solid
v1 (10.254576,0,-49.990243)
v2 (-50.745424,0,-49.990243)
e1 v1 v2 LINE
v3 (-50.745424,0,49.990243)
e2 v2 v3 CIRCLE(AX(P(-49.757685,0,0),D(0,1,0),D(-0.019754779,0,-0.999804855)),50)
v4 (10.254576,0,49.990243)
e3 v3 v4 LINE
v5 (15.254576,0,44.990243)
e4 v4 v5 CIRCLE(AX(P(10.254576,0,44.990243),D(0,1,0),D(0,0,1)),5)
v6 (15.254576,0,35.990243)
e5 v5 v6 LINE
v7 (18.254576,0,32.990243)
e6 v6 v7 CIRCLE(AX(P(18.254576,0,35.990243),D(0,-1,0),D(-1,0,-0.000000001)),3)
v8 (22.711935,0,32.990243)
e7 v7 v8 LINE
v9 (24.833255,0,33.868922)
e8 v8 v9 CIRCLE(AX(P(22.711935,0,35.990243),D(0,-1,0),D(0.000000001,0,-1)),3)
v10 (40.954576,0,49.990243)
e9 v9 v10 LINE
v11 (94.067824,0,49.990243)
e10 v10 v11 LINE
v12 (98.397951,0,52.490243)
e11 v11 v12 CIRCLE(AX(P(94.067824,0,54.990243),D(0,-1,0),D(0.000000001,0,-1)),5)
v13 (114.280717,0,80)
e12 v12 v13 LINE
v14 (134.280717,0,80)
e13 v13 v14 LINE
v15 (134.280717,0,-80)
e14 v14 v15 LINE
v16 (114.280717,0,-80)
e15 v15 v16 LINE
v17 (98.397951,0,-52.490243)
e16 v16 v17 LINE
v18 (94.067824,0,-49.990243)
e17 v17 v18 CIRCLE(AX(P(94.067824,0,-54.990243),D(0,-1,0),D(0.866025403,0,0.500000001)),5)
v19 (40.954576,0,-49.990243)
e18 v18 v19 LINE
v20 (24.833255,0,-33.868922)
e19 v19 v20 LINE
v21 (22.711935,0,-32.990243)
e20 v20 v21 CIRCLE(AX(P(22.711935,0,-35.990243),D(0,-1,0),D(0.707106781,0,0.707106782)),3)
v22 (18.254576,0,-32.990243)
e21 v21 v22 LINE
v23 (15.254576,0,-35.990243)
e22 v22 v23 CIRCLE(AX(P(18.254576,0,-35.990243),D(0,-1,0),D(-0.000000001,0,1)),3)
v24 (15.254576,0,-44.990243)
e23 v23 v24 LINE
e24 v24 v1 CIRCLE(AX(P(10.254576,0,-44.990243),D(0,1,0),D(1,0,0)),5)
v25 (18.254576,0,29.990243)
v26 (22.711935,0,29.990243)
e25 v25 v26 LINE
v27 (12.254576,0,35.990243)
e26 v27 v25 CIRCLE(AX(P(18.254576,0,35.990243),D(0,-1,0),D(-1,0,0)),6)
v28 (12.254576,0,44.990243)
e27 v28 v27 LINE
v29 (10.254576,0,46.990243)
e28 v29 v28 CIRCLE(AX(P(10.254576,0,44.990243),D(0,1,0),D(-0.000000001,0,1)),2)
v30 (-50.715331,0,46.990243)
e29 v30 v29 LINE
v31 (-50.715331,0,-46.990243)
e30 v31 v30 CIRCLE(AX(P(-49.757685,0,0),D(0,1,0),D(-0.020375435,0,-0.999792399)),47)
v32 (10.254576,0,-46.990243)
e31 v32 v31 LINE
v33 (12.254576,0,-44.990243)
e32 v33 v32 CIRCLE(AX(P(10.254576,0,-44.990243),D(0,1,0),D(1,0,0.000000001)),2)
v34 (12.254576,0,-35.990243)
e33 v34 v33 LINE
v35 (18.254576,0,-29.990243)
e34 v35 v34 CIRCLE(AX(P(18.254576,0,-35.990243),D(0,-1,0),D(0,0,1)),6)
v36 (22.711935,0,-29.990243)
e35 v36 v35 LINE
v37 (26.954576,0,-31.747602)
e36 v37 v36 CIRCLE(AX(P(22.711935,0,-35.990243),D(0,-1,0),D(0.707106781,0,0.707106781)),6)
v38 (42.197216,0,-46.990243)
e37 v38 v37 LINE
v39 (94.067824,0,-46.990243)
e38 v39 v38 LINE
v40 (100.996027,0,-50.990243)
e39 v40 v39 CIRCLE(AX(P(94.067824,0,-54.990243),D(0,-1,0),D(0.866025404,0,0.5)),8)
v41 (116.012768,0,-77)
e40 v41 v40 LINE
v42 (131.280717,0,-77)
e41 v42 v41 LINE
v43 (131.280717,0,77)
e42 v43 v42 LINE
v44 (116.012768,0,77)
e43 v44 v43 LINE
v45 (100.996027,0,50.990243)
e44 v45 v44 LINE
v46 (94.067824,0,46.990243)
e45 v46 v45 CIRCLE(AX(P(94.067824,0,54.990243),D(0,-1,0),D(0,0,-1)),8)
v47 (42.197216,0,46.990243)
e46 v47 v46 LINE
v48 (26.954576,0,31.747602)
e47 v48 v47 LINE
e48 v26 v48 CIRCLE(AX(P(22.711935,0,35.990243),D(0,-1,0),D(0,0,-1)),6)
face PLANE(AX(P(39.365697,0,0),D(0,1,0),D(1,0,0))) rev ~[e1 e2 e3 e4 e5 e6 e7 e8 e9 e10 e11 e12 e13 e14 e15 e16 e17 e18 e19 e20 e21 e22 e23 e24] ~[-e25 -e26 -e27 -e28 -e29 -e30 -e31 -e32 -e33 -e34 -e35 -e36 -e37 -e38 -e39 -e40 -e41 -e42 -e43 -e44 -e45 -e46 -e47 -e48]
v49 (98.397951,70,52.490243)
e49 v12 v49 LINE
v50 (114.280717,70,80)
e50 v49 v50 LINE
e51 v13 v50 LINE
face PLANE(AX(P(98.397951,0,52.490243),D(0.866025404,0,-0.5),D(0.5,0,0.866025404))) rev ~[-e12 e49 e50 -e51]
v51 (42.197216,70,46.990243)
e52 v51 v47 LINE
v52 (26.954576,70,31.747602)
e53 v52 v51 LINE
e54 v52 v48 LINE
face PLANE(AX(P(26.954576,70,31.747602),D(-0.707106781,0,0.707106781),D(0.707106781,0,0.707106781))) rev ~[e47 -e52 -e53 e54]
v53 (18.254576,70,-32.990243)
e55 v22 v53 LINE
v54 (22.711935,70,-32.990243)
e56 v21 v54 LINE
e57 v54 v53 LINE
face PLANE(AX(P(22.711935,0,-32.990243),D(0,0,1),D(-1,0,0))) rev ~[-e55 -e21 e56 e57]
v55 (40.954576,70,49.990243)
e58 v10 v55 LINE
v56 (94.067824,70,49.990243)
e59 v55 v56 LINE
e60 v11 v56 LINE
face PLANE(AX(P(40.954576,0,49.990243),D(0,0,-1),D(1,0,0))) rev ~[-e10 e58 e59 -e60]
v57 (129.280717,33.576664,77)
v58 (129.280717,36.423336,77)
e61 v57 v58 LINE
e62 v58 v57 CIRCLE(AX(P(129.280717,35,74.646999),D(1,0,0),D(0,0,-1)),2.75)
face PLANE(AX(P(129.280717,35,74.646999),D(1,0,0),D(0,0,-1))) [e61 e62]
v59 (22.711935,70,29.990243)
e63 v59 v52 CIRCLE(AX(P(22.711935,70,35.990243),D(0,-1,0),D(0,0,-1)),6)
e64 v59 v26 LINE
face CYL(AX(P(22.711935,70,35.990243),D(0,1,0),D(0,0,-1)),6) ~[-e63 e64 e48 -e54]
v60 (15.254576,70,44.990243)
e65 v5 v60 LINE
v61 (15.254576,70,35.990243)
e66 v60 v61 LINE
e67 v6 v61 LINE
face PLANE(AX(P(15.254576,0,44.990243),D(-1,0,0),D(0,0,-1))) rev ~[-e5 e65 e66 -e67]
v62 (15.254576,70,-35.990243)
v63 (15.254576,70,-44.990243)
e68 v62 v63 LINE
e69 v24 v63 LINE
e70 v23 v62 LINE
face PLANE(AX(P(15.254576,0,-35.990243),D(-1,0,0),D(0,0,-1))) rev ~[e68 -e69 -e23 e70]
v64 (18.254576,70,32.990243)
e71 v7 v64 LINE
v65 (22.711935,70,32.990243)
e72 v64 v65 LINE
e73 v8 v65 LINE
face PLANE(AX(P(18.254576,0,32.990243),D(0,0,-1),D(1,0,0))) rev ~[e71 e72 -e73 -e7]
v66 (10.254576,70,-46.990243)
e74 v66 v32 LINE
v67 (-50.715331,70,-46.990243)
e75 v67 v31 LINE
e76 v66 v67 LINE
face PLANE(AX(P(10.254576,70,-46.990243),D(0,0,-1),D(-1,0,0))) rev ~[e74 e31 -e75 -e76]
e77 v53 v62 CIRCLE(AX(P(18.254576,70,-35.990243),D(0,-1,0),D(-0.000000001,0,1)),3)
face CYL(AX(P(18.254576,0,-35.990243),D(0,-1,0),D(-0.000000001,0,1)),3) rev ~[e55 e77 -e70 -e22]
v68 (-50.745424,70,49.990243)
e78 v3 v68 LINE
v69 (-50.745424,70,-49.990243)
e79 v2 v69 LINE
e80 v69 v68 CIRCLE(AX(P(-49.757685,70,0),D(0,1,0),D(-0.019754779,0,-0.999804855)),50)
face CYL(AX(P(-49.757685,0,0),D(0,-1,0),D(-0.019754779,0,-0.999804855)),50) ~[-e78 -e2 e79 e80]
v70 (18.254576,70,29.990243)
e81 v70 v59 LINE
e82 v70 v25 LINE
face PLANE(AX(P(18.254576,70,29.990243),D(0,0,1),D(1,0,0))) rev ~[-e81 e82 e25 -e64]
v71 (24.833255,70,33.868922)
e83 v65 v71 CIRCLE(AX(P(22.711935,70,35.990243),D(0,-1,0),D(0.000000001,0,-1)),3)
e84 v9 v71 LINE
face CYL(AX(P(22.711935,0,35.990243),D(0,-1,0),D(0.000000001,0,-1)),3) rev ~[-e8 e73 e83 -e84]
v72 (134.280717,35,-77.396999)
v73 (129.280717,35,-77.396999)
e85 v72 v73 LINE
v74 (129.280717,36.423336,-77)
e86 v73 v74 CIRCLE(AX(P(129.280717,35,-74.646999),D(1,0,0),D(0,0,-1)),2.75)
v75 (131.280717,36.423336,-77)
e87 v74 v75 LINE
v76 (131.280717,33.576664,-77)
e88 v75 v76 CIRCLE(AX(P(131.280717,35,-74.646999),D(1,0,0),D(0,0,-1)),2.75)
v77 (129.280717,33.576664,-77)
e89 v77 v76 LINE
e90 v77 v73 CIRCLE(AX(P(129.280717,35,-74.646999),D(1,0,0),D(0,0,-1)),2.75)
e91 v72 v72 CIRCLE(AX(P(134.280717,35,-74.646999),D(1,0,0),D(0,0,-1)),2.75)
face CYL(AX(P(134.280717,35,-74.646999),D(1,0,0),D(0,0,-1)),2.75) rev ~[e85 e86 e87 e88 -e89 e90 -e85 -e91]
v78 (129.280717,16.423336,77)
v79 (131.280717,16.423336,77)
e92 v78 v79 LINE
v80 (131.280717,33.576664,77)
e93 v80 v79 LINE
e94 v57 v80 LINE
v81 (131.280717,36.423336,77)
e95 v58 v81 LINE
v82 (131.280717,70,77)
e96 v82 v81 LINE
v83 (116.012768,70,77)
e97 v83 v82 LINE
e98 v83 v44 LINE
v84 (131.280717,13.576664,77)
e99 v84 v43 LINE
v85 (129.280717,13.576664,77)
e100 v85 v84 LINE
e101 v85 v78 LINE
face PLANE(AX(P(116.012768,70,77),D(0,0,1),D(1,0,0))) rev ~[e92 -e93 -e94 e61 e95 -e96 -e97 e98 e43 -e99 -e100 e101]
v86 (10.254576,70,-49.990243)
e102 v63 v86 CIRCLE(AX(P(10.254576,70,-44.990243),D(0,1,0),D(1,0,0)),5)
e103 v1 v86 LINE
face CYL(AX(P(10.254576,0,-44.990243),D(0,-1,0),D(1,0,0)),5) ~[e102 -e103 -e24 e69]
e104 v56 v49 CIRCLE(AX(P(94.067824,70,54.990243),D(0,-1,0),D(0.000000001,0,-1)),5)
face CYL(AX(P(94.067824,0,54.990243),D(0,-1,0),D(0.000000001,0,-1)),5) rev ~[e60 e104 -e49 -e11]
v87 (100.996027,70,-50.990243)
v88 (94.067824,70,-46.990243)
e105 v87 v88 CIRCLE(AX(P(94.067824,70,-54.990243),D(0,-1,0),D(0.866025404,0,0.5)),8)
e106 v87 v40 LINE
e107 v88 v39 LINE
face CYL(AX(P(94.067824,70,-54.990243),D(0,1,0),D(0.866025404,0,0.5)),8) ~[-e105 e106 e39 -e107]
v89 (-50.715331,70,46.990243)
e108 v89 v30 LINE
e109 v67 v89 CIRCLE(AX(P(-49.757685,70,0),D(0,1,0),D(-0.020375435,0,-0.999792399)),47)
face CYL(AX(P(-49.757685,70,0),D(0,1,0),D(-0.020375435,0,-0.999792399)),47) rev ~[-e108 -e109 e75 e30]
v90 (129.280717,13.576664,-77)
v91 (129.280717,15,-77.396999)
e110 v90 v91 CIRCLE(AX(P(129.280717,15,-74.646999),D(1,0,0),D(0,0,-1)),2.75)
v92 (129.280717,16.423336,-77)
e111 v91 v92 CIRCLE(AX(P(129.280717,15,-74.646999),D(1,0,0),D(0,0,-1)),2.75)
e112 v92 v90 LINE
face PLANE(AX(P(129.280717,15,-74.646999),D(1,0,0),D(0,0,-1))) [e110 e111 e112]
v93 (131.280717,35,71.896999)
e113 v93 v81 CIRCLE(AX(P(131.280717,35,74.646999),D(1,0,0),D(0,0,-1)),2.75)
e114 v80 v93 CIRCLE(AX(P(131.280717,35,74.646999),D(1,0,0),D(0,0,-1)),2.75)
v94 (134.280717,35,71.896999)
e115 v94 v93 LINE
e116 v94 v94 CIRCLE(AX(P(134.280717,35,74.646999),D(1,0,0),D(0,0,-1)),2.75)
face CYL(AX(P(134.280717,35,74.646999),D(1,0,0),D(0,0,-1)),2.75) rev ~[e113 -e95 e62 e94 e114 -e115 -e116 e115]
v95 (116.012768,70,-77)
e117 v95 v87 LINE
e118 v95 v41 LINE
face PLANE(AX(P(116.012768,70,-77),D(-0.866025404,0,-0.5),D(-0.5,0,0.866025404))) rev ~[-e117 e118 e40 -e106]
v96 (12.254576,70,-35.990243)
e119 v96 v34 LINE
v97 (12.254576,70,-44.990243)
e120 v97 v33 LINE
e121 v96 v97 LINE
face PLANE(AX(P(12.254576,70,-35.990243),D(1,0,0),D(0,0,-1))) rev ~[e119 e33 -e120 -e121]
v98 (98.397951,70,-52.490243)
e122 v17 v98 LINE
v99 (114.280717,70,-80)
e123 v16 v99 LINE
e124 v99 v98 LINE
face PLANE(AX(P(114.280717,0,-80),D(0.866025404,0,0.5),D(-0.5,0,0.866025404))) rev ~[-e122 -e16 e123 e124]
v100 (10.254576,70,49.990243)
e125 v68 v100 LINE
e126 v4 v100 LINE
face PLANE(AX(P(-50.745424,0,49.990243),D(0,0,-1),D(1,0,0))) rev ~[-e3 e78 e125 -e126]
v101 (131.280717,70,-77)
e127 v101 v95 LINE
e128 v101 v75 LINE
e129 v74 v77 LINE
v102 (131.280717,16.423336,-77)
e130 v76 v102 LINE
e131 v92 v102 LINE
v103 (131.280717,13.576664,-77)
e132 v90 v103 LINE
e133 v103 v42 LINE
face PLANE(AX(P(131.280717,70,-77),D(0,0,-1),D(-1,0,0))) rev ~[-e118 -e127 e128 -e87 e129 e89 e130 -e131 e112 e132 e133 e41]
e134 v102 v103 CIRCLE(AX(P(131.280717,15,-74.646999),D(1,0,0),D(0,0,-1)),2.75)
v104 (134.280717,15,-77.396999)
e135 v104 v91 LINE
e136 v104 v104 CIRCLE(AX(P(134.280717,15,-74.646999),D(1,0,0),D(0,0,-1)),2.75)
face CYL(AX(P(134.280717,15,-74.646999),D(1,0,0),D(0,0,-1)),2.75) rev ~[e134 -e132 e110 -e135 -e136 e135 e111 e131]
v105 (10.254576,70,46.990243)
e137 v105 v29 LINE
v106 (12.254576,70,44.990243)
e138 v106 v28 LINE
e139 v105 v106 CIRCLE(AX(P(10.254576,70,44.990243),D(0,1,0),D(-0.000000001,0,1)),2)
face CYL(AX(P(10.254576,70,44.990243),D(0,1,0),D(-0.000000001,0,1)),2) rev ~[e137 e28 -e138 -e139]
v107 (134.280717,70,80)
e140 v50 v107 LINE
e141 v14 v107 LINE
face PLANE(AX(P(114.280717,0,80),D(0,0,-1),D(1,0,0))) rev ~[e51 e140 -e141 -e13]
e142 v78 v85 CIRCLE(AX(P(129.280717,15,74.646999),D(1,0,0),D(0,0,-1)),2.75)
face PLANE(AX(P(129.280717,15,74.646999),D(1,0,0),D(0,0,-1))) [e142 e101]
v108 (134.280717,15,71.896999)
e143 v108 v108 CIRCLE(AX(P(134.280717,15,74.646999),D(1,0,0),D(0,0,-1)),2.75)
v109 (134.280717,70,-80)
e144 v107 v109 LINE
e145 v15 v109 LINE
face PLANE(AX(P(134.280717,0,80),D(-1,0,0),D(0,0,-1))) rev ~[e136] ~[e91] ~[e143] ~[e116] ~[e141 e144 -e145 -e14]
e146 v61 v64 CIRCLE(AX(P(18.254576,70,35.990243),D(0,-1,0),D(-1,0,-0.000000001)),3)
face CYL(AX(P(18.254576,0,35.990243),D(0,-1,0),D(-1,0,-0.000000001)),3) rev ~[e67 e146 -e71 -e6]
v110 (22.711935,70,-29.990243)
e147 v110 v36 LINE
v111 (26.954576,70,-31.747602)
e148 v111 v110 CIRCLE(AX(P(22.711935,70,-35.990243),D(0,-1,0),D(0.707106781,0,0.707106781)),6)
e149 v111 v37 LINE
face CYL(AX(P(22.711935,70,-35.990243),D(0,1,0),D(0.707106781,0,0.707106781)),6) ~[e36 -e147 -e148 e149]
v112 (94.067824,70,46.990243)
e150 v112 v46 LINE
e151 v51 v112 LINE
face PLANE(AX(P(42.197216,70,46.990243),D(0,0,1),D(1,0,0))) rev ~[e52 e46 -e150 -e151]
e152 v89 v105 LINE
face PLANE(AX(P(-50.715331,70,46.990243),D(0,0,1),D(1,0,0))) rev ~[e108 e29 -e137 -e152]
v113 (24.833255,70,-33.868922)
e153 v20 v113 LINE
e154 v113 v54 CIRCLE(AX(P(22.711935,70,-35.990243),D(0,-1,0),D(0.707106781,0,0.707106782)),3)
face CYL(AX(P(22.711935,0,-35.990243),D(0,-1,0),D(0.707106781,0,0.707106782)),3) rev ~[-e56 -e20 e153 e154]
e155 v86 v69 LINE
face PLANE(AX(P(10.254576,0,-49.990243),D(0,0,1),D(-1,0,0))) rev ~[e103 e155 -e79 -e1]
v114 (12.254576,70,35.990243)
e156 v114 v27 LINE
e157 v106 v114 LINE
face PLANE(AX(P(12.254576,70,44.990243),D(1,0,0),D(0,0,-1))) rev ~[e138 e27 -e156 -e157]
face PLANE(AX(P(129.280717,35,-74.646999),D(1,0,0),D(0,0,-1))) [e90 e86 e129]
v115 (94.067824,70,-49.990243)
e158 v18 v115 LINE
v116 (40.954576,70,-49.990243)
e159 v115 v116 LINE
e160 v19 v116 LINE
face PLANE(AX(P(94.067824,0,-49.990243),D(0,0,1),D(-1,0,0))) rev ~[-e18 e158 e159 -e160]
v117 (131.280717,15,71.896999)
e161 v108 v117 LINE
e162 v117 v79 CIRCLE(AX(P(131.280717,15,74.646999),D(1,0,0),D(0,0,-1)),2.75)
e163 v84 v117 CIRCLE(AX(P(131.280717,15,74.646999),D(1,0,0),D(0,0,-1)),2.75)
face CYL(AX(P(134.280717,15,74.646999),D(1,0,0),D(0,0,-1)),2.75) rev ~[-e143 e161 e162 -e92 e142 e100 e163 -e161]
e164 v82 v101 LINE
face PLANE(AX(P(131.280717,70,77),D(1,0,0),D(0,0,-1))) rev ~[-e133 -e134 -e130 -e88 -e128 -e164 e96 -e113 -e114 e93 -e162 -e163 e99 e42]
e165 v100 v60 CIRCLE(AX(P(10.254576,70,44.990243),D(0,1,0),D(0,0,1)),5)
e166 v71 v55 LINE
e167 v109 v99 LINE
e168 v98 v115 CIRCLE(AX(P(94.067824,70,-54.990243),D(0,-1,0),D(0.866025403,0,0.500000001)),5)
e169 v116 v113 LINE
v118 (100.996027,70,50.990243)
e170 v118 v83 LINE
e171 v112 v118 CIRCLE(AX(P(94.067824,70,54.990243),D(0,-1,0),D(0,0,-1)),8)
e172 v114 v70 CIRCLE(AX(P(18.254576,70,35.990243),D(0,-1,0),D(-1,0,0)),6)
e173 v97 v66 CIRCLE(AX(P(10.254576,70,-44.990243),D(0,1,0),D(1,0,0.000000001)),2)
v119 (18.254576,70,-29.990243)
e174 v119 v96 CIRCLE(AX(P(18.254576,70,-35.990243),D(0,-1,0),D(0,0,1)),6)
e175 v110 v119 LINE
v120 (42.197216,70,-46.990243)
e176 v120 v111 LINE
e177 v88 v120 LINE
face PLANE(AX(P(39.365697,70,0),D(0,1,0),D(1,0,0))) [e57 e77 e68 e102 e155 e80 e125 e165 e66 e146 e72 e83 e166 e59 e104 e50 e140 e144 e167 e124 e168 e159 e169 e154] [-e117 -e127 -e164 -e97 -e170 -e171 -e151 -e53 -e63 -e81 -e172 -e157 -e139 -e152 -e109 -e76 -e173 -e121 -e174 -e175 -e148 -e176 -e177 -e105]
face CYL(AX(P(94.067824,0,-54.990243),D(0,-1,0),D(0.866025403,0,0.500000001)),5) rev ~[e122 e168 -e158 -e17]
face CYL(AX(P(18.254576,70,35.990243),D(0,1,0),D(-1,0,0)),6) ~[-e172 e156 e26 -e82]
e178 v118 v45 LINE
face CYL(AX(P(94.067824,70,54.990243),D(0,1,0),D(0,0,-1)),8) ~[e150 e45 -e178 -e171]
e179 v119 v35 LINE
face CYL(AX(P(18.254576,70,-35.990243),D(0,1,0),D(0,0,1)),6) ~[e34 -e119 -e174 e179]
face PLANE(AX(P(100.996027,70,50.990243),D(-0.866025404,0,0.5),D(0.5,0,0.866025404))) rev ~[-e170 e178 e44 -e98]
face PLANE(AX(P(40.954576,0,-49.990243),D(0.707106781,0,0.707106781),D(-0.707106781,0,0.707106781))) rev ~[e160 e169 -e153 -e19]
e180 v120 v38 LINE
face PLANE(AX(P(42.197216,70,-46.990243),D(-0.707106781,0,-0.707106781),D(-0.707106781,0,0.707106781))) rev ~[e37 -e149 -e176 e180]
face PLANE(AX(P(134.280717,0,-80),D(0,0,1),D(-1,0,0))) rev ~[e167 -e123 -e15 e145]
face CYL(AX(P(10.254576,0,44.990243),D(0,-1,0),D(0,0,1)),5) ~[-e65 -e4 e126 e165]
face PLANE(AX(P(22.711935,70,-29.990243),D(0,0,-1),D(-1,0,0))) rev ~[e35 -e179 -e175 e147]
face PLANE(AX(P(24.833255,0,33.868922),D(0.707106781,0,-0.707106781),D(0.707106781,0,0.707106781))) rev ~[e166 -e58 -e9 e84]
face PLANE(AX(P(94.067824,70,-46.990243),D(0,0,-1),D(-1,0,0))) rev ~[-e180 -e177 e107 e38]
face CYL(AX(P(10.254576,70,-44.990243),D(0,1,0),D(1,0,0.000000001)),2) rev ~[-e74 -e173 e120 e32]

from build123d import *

# Parameters (mm, degrees)
BOSS_EXTRUDE1_DEPTH = 70
CUT_EXTRUDE3_DEPTH  = 70
SKETCH3_R           = 2.75
CUT_EXTRUDE6_DEPTH  = 5


with BuildPart() as part:
    # Sketch1 → Boss-Extrude1 (new body)
    with BuildSketch(Plane(origin=(0, 0, 0), x_dir=(1, 0, 0), z_dir=(0, 1, 0))):
        with BuildLine():
            Line((15.254575611, 35.990242765), (15.254575611, 44.990242765))
            ThreePointArc((15.254575611, 44.990242765), (13.790109517, 48.525776671), (10.254575611, 49.990242765))
            Line((10.254575611, 49.990242765), (-50.745424389, 49.990242765))
            ThreePointArc((-50.745424389, 49.990242765), (-99.757685432, 0), (-50.745424389, -49.990242765))
            Line((-50.745424389, -49.990242765), (10.254575611, -49.990242765))
            ThreePointArc((10.254575611, -49.990242765), (13.790109517, -48.525776671), (15.254575611, -44.990242765))
            Line((15.254575611, -44.990242765), (15.254575611, -35.990242765))
            ThreePointArc((15.254575611, -35.990242765), (16.133255268, -33.868922422), (18.254575611, -32.990242765))
            Line((18.254575611, -32.990242765), (22.711934924, -32.990242765))
            ThreePointArc((22.711934924, -32.990242765), (23.859985221, -33.218604168), (24.833255268, -33.868922422))
            Line((24.833255268, -33.868922422), (40.954575611, -49.990242765))
            Line((40.954575611, -49.990242765), (50.745424389, -49.990242765))
            Line((50.745424389, -49.990242765), (94.067824265, -49.990242765))
            ThreePointArc((94.067824265, -49.990242765), (96.567824265, -50.660115747), (98.397951284, -52.490242765))
            Line((98.397951284, -52.490242765), (114.280717029, -80))
            Line((114.280717029, -80), (134.280717029, -80))
            Line((134.280717029, -80), (134.280717029, 80))
            Line((134.280717029, 80), (114.280717029, 80))
            Line((114.280717029, 80), (98.397951284, 52.490242765))
            ThreePointArc((98.397951284, 52.490242765), (96.567824265, 50.660115747), (94.067824265, 49.990242765))
            Line((94.067824265, 49.990242765), (50.745424389, 49.990242765))
            Line((50.745424389, 49.990242765), (40.954575611, 49.990242765))
            Line((40.954575611, 49.990242765), (24.833255268, 33.868922422))
            ThreePointArc((24.833255268, 33.868922422), (23.859985221, 33.218604168), (22.711934924, 32.990242765))
            Line((22.711934924, 32.990242765), (18.254575611, 32.990242765))
            ThreePointArc((18.254575611, 32.990242765), (16.133255268, 33.868922422), (15.254575611, 35.990242765))
        make_face()
    extrude(amount=BOSS_EXTRUDE1_DEPTH)

    # Sketch5 → Cut-Extrude3 (cut)
    with BuildSketch(Plane(origin=(0, 70, 0), x_dir=(1, 0, 0), z_dir=(0, 1, 0))):
        with BuildLine():
            Line((116.012767836, 77), (100.996027496, 50.990242765))
            ThreePointArc((100.996027496, 50.990242765), (98.067824265, 48.062039535), (94.067824265, 46.990242765))
            Line((94.067824265, 46.990242765), (42.197216298, 46.990242765))
            Line((42.197216298, 46.990242765), (26.954575611, 31.747602078))
            ThreePointArc((26.954575611, 31.747602078), (25.008035518, 30.44696557), (22.711934924, 29.990242765))
            Line((22.711934924, 29.990242765), (18.254575611, 29.990242765))
            ThreePointArc((18.254575611, 29.990242765), (14.011934924, 31.747602078), (12.254575611, 35.990242765))
            Line((12.254575611, 35.990242765), (12.254575611, 44.990242765))
            ThreePointArc((12.254575611, 44.990242765), (11.668789174, 46.404456328), (10.254575611, 46.990242765))
            Line((10.254575611, 46.990242765), (-50.715330899, 46.990242765))
            ThreePointArc((-50.715330899, 46.990242765), (-96.757685432, 0), (-50.715330899, -46.990242765))
            Line((-50.715330899, -46.990242765), (10.254575611, -46.990242765))
            ThreePointArc((10.254575611, -46.990242765), (11.668789174, -46.404456328), (12.254575611, -44.990242765))
            Line((12.254575611, -44.990242765), (12.254575611, -35.990242765))
            ThreePointArc((12.254575611, -35.990242765), (14.011934924, -31.747602078), (18.254575611, -29.990242765))
            Line((18.254575611, -29.990242765), (22.711934924, -29.990242765))
            ThreePointArc((22.711934924, -29.990242765), (25.008035518, -30.44696557), (26.954575611, -31.747602078))
            Line((26.954575611, -31.747602078), (42.197216298, -46.990242765))
            Line((42.197216298, -46.990242765), (94.067824265, -46.990242765))
            ThreePointArc((94.067824265, -46.990242765), (98.067824265, -48.062039535), (100.996027496, -50.990242765))
            Line((100.996027496, -50.990242765), (116.012767836, -77))
            Line((116.012767836, -77), (131.280717029, -77))
            Line((131.280717029, -77), (131.280717029, 77))
            Line((131.280717029, 77), (116.012767836, 77))
        make_face()
    extrude(amount=-CUT_EXTRUDE3_DEPTH, mode=Mode.SUBTRACT)

    # Sketch3 → Cut-Extrude6 (cut)
    with BuildSketch(Plane(origin=(134.280717029, 0, 0), x_dir=(0, 0, -1), z_dir=(1, 0, 0))):
        with Locations((-74.64699859, 15)):
            Circle(SKETCH3_R)
        with Locations((-74.64699859, 35)):
            Circle(SKETCH3_R)
        with Locations((74.64699859, 35)):
            Circle(SKETCH3_R)
        with Locations((74.64699859, 15)):
            Circle(SKETCH3_R)
    extrude(amount=-CUT_EXTRUDE6_DEPTH, mode=Mode.SUBTRACT)


solid = part.part
